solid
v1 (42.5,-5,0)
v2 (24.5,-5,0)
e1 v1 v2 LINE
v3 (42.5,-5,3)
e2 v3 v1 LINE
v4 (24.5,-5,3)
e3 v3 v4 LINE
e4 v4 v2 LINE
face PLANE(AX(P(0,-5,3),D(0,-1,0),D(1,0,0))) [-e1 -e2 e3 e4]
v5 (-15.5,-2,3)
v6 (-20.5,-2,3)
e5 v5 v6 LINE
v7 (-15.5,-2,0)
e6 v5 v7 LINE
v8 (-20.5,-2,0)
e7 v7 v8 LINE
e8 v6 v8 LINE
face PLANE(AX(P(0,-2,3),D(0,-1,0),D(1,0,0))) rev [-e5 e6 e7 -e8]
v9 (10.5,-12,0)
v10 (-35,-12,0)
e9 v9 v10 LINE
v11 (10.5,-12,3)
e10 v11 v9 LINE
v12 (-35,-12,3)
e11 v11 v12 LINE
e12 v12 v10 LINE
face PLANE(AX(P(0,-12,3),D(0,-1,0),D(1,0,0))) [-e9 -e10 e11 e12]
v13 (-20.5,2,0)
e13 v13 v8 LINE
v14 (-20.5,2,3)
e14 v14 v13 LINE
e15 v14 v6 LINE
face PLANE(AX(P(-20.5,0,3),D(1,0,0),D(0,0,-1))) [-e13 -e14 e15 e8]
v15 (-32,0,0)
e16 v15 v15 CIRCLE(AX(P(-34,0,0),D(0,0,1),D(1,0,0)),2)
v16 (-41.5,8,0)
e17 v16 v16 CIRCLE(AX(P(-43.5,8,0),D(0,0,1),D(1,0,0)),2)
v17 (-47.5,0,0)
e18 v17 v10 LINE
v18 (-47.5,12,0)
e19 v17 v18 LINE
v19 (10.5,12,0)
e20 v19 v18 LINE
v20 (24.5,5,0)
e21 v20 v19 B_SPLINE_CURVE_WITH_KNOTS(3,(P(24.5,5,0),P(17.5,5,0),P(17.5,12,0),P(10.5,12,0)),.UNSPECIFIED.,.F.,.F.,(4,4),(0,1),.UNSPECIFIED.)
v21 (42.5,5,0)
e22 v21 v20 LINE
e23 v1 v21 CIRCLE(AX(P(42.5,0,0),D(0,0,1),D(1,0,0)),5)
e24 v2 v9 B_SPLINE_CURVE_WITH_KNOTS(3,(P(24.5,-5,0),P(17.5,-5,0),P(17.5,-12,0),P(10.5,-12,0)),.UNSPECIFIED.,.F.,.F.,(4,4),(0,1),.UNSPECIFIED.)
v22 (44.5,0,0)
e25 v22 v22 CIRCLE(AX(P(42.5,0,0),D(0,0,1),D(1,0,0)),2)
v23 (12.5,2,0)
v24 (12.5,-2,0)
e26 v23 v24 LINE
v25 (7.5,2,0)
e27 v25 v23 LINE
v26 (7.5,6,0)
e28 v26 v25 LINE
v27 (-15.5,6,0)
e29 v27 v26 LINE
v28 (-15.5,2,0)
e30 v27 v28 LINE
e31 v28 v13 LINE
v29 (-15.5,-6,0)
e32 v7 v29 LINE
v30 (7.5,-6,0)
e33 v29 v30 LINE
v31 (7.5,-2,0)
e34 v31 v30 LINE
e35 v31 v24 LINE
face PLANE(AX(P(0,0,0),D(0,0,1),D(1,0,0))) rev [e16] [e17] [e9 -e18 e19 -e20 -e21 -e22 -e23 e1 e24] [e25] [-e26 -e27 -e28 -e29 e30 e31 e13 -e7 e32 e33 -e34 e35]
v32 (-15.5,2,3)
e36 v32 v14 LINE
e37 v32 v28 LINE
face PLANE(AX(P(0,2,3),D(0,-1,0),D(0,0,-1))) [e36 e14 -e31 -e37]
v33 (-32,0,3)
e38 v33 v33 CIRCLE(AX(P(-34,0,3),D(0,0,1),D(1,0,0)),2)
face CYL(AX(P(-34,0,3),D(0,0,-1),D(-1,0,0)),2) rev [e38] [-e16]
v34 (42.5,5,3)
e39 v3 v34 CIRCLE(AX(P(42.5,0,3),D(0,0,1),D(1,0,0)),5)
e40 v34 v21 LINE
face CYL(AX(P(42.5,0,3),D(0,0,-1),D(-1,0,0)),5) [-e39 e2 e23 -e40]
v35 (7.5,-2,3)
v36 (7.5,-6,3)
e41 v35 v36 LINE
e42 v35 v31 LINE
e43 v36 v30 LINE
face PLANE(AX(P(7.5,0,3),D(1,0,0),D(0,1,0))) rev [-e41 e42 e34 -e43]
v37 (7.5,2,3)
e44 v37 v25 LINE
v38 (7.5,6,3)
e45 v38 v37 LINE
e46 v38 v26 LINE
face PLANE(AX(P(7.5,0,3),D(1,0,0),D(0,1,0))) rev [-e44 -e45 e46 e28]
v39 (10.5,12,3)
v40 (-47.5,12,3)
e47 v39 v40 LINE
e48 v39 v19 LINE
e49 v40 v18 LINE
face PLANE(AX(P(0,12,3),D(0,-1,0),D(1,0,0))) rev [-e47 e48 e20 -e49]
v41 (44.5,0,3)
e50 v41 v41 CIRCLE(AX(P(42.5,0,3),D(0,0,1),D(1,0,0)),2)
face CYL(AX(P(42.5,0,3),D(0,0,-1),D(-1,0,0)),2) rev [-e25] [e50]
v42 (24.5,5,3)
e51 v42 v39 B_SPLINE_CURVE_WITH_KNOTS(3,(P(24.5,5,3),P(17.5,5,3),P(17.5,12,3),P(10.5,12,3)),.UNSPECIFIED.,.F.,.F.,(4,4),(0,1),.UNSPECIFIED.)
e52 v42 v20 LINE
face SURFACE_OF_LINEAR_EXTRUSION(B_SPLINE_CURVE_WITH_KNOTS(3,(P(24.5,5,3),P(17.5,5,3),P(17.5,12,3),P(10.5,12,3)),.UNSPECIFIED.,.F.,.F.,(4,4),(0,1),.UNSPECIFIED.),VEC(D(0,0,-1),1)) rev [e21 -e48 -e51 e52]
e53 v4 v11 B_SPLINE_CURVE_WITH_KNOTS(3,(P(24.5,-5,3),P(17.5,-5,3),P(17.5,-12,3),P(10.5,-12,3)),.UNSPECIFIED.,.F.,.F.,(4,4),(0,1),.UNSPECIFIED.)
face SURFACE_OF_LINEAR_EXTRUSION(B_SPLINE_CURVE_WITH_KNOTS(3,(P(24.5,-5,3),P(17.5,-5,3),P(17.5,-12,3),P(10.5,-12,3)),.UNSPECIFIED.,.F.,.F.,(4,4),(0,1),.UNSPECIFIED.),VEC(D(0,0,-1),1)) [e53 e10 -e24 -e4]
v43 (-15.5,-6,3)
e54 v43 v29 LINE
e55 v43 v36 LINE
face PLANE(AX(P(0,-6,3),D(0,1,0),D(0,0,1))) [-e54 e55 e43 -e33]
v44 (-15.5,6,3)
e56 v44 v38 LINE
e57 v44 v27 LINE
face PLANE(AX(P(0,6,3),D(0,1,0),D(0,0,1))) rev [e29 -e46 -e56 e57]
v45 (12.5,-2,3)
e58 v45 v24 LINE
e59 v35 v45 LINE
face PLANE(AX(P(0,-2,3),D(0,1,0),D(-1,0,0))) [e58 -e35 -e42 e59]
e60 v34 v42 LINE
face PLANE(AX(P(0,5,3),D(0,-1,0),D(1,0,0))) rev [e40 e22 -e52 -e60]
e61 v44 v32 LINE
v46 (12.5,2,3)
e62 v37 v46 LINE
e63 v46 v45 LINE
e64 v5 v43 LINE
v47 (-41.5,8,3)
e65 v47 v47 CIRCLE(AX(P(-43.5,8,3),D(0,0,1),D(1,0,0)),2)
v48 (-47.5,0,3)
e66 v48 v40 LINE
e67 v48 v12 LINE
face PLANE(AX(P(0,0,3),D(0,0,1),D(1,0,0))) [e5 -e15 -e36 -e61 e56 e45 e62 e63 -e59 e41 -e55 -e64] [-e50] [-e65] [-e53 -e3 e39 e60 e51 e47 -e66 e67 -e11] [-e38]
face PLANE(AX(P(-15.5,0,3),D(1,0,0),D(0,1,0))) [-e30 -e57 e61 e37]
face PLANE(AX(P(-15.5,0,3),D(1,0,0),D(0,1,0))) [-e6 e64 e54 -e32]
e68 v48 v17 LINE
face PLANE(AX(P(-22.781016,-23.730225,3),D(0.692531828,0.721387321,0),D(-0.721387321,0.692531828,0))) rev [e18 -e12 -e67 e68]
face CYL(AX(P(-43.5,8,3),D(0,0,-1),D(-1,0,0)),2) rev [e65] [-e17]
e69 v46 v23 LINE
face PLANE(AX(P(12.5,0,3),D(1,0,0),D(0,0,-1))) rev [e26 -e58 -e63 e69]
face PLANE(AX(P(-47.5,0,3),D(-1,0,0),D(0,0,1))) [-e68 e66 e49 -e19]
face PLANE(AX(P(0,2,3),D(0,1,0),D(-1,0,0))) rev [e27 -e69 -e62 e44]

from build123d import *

# Parameters (mm, degrees)
ESQUISSE1_R        = 2
BOSS_EXTRU_1_DEPTH = 3


with BuildPart() as part:
    # Esquisse1 → Boss.-Extru.1 (new body)
    with BuildSketch(Plane.XY):
        with BuildLine():
            Line((-47.5, 12), (-47.5, 0))
            Line((-47.5, 0), (-35, -12))
            Line((-35, -12), (10.5, -12))
            add(Edge.make_bspline(
                [(10.5, -12), (17.5, -12), (17.5, -5), (24.5, -5)],
                knots=[0.5, 0.5, 0.5, 0.5, 1.5, 1.5, 1.5, 1.5], degree=3))
            Line((24.5, -5), (42.5, -5))
            ThreePointArc((42.5, -5), (47.5, 0), (42.5, 5))
            Line((42.5, 5), (24.5, 5))
            add(Edge.make_bspline(
                [(24.5, 5), (17.5, 5), (17.5, 12), (10.5, 12)],
                knots=[0, 0, 0, 0, 1, 1, 1, 1], degree=3))
            Line((10.5, 12), (-47.5, 12))
        make_face()
        with Locations((-34, 0)):
            Circle(ESQUISSE1_R, mode=Mode.SUBTRACT)
        Polygon((-15.5, 2), (-15.5, 6), (7.5, 6), (7.5, 2), (12.5, 2), (12.5, -2), (7.5, -2), (7.5, -6), (-15.5, -6), (-15.5, -2), (-20.5, -2), (-20.5, 2), align=None, mode=Mode.SUBTRACT)
        with Locations((-43.5, 8)):
            Circle(ESQUISSE1_R, mode=Mode.SUBTRACT)
        with Locations((42.5, 0)):
            Circle(ESQUISSE1_R, mode=Mode.SUBTRACT)
    extrude(amount=BOSS_EXTRU_1_DEPTH)


solid = part.part
